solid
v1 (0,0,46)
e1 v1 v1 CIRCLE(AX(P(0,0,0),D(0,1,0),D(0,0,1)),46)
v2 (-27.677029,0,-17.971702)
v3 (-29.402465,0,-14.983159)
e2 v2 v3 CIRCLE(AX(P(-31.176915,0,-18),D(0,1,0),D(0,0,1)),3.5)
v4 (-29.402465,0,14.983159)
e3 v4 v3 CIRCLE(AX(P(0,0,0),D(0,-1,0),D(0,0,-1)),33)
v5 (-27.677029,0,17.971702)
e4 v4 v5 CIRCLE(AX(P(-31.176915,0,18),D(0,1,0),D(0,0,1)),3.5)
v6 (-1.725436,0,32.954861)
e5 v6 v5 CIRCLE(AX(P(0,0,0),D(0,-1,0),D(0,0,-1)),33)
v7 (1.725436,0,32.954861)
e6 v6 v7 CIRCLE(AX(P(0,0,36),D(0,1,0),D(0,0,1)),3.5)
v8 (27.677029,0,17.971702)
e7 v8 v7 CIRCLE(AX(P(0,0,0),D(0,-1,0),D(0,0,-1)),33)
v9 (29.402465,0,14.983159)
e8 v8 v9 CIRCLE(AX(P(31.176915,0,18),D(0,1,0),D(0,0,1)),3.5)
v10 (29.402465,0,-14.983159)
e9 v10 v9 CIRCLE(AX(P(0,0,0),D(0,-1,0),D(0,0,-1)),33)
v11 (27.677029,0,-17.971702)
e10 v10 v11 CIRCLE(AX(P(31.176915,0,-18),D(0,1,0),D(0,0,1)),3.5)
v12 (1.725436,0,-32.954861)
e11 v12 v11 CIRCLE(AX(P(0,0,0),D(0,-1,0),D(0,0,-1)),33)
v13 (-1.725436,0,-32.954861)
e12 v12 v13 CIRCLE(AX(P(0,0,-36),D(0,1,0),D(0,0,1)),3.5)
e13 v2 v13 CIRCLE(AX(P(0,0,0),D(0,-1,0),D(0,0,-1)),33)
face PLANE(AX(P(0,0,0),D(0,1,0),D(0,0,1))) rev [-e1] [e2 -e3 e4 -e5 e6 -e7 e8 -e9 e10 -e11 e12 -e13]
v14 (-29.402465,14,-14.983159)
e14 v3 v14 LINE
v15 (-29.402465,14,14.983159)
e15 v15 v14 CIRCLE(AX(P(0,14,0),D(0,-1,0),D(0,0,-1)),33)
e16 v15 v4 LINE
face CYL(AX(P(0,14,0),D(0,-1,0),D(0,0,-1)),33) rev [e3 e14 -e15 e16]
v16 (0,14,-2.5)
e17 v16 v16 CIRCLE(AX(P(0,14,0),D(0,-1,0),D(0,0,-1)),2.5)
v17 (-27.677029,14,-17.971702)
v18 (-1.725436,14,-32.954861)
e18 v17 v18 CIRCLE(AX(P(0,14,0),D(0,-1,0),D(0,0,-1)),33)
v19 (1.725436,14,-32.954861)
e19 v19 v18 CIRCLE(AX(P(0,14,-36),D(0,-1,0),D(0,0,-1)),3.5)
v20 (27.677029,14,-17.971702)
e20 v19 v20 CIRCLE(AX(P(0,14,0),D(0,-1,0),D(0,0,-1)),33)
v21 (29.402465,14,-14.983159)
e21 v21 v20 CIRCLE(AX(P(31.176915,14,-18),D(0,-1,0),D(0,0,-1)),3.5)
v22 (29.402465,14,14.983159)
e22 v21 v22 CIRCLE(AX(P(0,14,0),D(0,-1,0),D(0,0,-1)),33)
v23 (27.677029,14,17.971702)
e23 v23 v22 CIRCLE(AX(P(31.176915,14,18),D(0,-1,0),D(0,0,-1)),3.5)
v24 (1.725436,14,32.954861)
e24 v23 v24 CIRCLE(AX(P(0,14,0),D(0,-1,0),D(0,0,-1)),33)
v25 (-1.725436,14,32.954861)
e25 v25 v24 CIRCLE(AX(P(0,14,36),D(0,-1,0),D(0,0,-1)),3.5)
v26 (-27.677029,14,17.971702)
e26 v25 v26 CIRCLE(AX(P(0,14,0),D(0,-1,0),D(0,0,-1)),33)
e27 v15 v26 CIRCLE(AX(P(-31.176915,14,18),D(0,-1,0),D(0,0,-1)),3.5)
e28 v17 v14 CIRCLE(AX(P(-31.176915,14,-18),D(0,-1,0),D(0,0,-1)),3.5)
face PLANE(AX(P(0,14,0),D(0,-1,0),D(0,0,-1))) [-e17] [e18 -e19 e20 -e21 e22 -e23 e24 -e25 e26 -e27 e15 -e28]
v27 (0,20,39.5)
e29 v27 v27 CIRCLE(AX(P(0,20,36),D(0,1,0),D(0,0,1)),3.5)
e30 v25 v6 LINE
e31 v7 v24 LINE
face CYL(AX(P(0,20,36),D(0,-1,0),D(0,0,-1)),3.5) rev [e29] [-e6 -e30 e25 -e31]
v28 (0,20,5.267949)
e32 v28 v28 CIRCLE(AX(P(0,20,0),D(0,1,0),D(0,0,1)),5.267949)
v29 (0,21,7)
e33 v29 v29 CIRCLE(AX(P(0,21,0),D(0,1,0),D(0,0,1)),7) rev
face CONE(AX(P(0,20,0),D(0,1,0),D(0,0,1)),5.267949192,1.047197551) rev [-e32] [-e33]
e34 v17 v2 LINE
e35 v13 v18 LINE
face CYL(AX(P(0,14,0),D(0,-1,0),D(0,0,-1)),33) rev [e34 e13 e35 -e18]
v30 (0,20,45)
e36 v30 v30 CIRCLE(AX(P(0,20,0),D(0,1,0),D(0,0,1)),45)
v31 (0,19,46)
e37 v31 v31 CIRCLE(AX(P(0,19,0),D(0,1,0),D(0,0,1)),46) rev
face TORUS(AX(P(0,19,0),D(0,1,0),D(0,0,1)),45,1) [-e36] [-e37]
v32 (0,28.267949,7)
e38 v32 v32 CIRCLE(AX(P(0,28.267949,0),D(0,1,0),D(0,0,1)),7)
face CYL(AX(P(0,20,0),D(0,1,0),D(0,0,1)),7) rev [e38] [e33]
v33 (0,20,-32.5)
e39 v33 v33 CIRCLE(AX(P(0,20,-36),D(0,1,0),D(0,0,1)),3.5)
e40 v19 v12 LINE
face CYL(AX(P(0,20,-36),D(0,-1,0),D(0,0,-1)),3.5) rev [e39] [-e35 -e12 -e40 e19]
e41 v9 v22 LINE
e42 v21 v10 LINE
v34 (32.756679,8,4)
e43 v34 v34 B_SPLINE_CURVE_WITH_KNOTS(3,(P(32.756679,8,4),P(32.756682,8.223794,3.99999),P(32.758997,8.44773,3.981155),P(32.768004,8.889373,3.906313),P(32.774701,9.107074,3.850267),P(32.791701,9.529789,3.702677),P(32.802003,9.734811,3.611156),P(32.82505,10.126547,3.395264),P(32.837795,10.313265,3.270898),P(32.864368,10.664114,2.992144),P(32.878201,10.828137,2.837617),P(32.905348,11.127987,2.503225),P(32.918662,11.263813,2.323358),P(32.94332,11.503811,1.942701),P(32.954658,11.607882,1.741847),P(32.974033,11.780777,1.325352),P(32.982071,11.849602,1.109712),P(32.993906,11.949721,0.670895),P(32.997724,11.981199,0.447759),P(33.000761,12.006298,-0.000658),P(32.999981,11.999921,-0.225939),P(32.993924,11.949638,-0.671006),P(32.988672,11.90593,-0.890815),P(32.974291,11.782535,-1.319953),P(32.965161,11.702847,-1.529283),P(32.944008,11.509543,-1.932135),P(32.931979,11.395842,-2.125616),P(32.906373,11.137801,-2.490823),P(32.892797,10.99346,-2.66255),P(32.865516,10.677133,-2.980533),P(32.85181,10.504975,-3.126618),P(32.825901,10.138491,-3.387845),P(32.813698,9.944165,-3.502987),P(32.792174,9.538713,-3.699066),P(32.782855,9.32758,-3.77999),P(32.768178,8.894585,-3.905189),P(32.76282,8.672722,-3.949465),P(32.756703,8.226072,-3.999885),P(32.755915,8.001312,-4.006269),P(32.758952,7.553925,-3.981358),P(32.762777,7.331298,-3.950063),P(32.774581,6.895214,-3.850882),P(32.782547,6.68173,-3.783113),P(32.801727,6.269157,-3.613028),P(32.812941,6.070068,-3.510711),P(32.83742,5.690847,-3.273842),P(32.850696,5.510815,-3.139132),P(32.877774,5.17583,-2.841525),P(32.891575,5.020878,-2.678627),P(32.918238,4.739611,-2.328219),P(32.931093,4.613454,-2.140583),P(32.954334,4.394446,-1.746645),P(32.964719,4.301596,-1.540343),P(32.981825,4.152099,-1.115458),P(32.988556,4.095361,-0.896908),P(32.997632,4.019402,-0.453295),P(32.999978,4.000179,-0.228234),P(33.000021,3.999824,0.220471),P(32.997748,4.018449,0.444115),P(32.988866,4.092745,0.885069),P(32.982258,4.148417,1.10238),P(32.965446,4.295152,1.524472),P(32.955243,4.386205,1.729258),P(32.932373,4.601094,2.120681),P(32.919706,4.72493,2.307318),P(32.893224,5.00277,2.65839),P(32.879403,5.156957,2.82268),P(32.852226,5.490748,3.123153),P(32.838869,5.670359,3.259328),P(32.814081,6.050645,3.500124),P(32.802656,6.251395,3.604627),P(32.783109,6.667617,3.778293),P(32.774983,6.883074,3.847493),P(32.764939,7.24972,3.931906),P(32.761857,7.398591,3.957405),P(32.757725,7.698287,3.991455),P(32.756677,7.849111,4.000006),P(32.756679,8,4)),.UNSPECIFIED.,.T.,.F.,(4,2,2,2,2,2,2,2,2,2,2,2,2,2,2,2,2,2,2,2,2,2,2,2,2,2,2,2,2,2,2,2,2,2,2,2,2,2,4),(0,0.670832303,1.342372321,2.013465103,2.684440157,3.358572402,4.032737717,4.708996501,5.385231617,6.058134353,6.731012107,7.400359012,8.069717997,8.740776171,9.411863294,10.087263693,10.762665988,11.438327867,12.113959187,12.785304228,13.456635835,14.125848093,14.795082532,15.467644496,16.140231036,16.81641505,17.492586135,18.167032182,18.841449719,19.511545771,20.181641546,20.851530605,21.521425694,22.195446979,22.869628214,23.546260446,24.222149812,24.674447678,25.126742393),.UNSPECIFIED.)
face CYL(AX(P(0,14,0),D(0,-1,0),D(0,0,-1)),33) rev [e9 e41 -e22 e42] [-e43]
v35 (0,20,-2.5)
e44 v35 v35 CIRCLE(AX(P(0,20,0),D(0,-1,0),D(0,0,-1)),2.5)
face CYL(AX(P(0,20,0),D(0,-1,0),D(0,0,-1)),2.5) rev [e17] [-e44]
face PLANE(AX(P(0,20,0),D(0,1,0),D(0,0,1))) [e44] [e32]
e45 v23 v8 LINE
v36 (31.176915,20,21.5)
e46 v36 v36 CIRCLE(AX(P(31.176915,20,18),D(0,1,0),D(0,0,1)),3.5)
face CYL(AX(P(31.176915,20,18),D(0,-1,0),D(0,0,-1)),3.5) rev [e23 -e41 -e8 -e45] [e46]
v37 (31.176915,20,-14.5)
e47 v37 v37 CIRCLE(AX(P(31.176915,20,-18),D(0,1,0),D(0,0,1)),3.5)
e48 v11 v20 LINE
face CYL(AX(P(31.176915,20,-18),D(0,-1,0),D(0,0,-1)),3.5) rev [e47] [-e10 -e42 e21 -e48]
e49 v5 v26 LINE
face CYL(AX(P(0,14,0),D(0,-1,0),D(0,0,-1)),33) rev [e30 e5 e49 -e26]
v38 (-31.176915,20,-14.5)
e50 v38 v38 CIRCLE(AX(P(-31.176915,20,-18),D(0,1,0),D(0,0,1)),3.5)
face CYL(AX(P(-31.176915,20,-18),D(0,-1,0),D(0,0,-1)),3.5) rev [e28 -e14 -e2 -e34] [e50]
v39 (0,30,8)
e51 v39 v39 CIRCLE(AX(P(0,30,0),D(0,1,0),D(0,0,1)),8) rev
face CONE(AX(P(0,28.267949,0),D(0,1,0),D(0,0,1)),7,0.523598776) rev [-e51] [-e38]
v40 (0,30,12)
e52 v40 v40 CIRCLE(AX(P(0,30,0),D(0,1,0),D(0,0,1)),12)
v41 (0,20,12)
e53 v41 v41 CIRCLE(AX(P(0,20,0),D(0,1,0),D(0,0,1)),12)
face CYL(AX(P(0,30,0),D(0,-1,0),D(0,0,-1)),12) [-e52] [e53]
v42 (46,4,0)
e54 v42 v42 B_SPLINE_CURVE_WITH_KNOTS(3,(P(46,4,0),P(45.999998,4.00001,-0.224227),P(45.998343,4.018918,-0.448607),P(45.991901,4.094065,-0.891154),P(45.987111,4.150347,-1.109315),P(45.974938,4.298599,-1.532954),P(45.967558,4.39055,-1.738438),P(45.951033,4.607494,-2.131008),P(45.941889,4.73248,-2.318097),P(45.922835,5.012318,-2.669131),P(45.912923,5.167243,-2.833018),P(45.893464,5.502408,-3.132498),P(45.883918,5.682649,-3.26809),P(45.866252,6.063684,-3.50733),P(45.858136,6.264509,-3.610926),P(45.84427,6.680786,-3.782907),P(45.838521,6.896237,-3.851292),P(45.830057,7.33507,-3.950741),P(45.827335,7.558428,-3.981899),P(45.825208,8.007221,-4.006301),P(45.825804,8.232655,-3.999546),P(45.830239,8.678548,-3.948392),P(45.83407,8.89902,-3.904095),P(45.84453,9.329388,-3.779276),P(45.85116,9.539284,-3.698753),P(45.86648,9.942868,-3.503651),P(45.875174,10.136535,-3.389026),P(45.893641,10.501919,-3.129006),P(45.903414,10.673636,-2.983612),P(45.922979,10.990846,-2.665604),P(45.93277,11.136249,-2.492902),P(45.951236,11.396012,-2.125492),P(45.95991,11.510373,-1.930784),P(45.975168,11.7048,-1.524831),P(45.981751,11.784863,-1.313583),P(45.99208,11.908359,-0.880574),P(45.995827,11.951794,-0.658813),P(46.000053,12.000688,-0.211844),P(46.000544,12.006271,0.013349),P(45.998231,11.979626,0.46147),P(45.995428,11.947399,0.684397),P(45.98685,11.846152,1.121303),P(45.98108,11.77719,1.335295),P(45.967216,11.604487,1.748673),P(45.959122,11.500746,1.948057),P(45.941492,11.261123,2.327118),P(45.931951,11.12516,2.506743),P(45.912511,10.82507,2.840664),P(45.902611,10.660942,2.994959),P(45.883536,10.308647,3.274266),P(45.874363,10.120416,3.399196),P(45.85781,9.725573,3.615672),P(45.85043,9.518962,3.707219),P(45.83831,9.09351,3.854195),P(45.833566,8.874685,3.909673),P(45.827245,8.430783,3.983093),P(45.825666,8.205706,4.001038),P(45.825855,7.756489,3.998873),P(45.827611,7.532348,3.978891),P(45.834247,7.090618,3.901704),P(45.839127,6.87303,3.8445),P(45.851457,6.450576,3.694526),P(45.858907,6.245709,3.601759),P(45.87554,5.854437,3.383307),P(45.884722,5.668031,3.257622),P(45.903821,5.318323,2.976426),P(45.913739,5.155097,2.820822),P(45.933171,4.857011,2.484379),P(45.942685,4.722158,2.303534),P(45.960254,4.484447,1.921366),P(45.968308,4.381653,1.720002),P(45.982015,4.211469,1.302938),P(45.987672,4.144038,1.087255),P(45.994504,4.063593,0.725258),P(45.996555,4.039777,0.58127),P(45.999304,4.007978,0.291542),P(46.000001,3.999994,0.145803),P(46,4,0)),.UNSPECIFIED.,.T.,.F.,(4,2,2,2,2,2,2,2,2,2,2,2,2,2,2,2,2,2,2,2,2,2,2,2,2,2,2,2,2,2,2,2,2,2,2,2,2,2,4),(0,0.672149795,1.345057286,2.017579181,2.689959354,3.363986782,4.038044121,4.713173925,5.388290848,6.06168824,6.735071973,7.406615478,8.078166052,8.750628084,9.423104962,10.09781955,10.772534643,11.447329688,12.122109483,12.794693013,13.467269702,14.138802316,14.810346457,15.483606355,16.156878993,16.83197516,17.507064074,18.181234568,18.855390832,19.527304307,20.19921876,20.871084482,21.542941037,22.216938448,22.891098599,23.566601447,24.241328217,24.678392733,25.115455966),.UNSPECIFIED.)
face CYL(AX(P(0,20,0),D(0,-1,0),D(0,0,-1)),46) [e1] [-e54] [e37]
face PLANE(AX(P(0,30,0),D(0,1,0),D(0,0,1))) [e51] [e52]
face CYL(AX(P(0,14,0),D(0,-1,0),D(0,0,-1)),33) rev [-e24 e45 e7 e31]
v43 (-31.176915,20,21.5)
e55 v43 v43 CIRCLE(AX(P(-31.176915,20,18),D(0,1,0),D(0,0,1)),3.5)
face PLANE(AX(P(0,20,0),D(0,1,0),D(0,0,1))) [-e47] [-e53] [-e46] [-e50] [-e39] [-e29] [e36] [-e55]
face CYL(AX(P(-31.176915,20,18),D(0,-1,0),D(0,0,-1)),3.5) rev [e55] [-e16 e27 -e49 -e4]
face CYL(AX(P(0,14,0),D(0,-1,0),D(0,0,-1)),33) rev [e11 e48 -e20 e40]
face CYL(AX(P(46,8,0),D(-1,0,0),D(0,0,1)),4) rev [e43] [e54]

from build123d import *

# Parameters (mm, degrees)
SKETCH3_R             = 46
SKETCH3_R_2           = 3.5
BOSS_EXTRUDE2_DEPTH   = 20
FILLET1_R             = 1
SKETCH4_R             = 12
BOSS_EXTRUDE3_DEPTH   = 10
SKETCH5_R             = 33
CUT_EXTRUDE1_DEPTH    = 14
SKETCH6_R             = 2.5
CUT_EXTRUDE2_DEPTH    = 6
SKETCH7_R             = 7
CUT_EXTRUDE3_DEPTH    = 10
CHAMFER1_SIZE         = 1
CHAMFER1_SIZE2        = 1.732050808
CHAMFER1_PART_2_SIZE  = 1
CHAMFER1_PART_2_SIZE2 = 1.732050808
SKETCH8_R             = 4
CUT_EXTRUDE4_DEPTH    = 47.0000001


with BuildPart() as part:
    # Sketch3 → Boss-Extrude2 (new body)
    with BuildSketch(Plane(origin=(0, 0, 0), x_dir=(1, 0, 0), z_dir=(0, 1, 0))):
        Circle(SKETCH3_R)
        with Locations((0, 36)):
            Circle(SKETCH3_R_2, mode=Mode.SUBTRACT)
        with Locations((31.176914536, 18)):
            Circle(SKETCH3_R_2, mode=Mode.SUBTRACT)
        with Locations((31.176914536, -18)):
            Circle(SKETCH3_R_2, mode=Mode.SUBTRACT)
        with Locations((0, -36)):
            Circle(SKETCH3_R_2, mode=Mode.SUBTRACT)
        with Locations((-31.176914536, -18)):
            Circle(SKETCH3_R_2, mode=Mode.SUBTRACT)
        with Locations((-31.176914536, 18)):
            Circle(SKETCH3_R_2, mode=Mode.SUBTRACT)
    extrude(amount=BOSS_EXTRUDE2_DEPTH)

    # Fillet1
    fillet1_edges = [part.edges().sort_by_distance(p)[0] for p in [
        (-46, 20, 0),
    ]]
    fillet(fillet1_edges, radius=FILLET1_R)

    # Sketch4 → Boss-Extrude3 (add)
    with BuildSketch(Plane(origin=(0, 20, 0), x_dir=(1, 0, 0), z_dir=(0, 1, 0))):
        Circle(SKETCH4_R)
    extrude(amount=BOSS_EXTRUDE3_DEPTH)

    # Sketch5 → Cut-Extrude1 (cut)
    with BuildSketch(Plane.XZ):
        Circle(SKETCH5_R)
    extrude(amount=-CUT_EXTRUDE1_DEPTH, mode=Mode.SUBTRACT)

    # Sketch6 → Cut-Extrude2 (cut)
    with BuildSketch(Plane.XZ.offset(-14)):
        Circle(SKETCH6_R)
    extrude(amount=-CUT_EXTRUDE2_DEPTH, mode=Mode.SUBTRACT)

    # Sketch7 → Cut-Extrude3 (cut)
    with BuildSketch(Plane(origin=(0, 30, 0), x_dir=(1, 0, 0), z_dir=(0, 1, 0))):
        Circle(SKETCH7_R)
    extrude(amount=-CUT_EXTRUDE3_DEPTH, mode=Mode.SUBTRACT)

    # Chamfer1
    chamfer1_edges = [part.edges().sort_by_distance(p)[0] for p in [
        (-7, 20, 0),
    ]]
    chamfer1_side = [part.faces().sort_by_distance(p)[0] for p in [
        (-7, 25, 0),
    ]]
    chamfer(chamfer1_edges, length=CHAMFER1_SIZE, length2=CHAMFER1_SIZE2, reference=chamfer1_side[0])

    # Chamfer1 part 2
    chamfer1_part_2_edges = [part.edges().sort_by_distance(p)[0] for p in [
        (-7, 30, 0),
    ]]
    chamfer1_part_2_side = [part.faces().sort_by_distance(p)[0] for p in [
        (-11.660588745, 30, 0),
    ]]
    chamfer(chamfer1_part_2_edges, length=CHAMFER1_PART_2_SIZE, length2=CHAMFER1_PART_2_SIZE2, reference=chamfer1_part_2_side[0])

    # Sketch8 → Cut-Extrude4 (cut, through all)
    with BuildSketch(Plane(origin=(0, 0, 0), x_dir=(0, 0, -1), z_dir=(1, 0, 0))):
        with Locations((0, 8)):
            Circle(SKETCH8_R)
    extrude(amount=CUT_EXTRUDE4_DEPTH, mode=Mode.SUBTRACT)


solid = part.part
